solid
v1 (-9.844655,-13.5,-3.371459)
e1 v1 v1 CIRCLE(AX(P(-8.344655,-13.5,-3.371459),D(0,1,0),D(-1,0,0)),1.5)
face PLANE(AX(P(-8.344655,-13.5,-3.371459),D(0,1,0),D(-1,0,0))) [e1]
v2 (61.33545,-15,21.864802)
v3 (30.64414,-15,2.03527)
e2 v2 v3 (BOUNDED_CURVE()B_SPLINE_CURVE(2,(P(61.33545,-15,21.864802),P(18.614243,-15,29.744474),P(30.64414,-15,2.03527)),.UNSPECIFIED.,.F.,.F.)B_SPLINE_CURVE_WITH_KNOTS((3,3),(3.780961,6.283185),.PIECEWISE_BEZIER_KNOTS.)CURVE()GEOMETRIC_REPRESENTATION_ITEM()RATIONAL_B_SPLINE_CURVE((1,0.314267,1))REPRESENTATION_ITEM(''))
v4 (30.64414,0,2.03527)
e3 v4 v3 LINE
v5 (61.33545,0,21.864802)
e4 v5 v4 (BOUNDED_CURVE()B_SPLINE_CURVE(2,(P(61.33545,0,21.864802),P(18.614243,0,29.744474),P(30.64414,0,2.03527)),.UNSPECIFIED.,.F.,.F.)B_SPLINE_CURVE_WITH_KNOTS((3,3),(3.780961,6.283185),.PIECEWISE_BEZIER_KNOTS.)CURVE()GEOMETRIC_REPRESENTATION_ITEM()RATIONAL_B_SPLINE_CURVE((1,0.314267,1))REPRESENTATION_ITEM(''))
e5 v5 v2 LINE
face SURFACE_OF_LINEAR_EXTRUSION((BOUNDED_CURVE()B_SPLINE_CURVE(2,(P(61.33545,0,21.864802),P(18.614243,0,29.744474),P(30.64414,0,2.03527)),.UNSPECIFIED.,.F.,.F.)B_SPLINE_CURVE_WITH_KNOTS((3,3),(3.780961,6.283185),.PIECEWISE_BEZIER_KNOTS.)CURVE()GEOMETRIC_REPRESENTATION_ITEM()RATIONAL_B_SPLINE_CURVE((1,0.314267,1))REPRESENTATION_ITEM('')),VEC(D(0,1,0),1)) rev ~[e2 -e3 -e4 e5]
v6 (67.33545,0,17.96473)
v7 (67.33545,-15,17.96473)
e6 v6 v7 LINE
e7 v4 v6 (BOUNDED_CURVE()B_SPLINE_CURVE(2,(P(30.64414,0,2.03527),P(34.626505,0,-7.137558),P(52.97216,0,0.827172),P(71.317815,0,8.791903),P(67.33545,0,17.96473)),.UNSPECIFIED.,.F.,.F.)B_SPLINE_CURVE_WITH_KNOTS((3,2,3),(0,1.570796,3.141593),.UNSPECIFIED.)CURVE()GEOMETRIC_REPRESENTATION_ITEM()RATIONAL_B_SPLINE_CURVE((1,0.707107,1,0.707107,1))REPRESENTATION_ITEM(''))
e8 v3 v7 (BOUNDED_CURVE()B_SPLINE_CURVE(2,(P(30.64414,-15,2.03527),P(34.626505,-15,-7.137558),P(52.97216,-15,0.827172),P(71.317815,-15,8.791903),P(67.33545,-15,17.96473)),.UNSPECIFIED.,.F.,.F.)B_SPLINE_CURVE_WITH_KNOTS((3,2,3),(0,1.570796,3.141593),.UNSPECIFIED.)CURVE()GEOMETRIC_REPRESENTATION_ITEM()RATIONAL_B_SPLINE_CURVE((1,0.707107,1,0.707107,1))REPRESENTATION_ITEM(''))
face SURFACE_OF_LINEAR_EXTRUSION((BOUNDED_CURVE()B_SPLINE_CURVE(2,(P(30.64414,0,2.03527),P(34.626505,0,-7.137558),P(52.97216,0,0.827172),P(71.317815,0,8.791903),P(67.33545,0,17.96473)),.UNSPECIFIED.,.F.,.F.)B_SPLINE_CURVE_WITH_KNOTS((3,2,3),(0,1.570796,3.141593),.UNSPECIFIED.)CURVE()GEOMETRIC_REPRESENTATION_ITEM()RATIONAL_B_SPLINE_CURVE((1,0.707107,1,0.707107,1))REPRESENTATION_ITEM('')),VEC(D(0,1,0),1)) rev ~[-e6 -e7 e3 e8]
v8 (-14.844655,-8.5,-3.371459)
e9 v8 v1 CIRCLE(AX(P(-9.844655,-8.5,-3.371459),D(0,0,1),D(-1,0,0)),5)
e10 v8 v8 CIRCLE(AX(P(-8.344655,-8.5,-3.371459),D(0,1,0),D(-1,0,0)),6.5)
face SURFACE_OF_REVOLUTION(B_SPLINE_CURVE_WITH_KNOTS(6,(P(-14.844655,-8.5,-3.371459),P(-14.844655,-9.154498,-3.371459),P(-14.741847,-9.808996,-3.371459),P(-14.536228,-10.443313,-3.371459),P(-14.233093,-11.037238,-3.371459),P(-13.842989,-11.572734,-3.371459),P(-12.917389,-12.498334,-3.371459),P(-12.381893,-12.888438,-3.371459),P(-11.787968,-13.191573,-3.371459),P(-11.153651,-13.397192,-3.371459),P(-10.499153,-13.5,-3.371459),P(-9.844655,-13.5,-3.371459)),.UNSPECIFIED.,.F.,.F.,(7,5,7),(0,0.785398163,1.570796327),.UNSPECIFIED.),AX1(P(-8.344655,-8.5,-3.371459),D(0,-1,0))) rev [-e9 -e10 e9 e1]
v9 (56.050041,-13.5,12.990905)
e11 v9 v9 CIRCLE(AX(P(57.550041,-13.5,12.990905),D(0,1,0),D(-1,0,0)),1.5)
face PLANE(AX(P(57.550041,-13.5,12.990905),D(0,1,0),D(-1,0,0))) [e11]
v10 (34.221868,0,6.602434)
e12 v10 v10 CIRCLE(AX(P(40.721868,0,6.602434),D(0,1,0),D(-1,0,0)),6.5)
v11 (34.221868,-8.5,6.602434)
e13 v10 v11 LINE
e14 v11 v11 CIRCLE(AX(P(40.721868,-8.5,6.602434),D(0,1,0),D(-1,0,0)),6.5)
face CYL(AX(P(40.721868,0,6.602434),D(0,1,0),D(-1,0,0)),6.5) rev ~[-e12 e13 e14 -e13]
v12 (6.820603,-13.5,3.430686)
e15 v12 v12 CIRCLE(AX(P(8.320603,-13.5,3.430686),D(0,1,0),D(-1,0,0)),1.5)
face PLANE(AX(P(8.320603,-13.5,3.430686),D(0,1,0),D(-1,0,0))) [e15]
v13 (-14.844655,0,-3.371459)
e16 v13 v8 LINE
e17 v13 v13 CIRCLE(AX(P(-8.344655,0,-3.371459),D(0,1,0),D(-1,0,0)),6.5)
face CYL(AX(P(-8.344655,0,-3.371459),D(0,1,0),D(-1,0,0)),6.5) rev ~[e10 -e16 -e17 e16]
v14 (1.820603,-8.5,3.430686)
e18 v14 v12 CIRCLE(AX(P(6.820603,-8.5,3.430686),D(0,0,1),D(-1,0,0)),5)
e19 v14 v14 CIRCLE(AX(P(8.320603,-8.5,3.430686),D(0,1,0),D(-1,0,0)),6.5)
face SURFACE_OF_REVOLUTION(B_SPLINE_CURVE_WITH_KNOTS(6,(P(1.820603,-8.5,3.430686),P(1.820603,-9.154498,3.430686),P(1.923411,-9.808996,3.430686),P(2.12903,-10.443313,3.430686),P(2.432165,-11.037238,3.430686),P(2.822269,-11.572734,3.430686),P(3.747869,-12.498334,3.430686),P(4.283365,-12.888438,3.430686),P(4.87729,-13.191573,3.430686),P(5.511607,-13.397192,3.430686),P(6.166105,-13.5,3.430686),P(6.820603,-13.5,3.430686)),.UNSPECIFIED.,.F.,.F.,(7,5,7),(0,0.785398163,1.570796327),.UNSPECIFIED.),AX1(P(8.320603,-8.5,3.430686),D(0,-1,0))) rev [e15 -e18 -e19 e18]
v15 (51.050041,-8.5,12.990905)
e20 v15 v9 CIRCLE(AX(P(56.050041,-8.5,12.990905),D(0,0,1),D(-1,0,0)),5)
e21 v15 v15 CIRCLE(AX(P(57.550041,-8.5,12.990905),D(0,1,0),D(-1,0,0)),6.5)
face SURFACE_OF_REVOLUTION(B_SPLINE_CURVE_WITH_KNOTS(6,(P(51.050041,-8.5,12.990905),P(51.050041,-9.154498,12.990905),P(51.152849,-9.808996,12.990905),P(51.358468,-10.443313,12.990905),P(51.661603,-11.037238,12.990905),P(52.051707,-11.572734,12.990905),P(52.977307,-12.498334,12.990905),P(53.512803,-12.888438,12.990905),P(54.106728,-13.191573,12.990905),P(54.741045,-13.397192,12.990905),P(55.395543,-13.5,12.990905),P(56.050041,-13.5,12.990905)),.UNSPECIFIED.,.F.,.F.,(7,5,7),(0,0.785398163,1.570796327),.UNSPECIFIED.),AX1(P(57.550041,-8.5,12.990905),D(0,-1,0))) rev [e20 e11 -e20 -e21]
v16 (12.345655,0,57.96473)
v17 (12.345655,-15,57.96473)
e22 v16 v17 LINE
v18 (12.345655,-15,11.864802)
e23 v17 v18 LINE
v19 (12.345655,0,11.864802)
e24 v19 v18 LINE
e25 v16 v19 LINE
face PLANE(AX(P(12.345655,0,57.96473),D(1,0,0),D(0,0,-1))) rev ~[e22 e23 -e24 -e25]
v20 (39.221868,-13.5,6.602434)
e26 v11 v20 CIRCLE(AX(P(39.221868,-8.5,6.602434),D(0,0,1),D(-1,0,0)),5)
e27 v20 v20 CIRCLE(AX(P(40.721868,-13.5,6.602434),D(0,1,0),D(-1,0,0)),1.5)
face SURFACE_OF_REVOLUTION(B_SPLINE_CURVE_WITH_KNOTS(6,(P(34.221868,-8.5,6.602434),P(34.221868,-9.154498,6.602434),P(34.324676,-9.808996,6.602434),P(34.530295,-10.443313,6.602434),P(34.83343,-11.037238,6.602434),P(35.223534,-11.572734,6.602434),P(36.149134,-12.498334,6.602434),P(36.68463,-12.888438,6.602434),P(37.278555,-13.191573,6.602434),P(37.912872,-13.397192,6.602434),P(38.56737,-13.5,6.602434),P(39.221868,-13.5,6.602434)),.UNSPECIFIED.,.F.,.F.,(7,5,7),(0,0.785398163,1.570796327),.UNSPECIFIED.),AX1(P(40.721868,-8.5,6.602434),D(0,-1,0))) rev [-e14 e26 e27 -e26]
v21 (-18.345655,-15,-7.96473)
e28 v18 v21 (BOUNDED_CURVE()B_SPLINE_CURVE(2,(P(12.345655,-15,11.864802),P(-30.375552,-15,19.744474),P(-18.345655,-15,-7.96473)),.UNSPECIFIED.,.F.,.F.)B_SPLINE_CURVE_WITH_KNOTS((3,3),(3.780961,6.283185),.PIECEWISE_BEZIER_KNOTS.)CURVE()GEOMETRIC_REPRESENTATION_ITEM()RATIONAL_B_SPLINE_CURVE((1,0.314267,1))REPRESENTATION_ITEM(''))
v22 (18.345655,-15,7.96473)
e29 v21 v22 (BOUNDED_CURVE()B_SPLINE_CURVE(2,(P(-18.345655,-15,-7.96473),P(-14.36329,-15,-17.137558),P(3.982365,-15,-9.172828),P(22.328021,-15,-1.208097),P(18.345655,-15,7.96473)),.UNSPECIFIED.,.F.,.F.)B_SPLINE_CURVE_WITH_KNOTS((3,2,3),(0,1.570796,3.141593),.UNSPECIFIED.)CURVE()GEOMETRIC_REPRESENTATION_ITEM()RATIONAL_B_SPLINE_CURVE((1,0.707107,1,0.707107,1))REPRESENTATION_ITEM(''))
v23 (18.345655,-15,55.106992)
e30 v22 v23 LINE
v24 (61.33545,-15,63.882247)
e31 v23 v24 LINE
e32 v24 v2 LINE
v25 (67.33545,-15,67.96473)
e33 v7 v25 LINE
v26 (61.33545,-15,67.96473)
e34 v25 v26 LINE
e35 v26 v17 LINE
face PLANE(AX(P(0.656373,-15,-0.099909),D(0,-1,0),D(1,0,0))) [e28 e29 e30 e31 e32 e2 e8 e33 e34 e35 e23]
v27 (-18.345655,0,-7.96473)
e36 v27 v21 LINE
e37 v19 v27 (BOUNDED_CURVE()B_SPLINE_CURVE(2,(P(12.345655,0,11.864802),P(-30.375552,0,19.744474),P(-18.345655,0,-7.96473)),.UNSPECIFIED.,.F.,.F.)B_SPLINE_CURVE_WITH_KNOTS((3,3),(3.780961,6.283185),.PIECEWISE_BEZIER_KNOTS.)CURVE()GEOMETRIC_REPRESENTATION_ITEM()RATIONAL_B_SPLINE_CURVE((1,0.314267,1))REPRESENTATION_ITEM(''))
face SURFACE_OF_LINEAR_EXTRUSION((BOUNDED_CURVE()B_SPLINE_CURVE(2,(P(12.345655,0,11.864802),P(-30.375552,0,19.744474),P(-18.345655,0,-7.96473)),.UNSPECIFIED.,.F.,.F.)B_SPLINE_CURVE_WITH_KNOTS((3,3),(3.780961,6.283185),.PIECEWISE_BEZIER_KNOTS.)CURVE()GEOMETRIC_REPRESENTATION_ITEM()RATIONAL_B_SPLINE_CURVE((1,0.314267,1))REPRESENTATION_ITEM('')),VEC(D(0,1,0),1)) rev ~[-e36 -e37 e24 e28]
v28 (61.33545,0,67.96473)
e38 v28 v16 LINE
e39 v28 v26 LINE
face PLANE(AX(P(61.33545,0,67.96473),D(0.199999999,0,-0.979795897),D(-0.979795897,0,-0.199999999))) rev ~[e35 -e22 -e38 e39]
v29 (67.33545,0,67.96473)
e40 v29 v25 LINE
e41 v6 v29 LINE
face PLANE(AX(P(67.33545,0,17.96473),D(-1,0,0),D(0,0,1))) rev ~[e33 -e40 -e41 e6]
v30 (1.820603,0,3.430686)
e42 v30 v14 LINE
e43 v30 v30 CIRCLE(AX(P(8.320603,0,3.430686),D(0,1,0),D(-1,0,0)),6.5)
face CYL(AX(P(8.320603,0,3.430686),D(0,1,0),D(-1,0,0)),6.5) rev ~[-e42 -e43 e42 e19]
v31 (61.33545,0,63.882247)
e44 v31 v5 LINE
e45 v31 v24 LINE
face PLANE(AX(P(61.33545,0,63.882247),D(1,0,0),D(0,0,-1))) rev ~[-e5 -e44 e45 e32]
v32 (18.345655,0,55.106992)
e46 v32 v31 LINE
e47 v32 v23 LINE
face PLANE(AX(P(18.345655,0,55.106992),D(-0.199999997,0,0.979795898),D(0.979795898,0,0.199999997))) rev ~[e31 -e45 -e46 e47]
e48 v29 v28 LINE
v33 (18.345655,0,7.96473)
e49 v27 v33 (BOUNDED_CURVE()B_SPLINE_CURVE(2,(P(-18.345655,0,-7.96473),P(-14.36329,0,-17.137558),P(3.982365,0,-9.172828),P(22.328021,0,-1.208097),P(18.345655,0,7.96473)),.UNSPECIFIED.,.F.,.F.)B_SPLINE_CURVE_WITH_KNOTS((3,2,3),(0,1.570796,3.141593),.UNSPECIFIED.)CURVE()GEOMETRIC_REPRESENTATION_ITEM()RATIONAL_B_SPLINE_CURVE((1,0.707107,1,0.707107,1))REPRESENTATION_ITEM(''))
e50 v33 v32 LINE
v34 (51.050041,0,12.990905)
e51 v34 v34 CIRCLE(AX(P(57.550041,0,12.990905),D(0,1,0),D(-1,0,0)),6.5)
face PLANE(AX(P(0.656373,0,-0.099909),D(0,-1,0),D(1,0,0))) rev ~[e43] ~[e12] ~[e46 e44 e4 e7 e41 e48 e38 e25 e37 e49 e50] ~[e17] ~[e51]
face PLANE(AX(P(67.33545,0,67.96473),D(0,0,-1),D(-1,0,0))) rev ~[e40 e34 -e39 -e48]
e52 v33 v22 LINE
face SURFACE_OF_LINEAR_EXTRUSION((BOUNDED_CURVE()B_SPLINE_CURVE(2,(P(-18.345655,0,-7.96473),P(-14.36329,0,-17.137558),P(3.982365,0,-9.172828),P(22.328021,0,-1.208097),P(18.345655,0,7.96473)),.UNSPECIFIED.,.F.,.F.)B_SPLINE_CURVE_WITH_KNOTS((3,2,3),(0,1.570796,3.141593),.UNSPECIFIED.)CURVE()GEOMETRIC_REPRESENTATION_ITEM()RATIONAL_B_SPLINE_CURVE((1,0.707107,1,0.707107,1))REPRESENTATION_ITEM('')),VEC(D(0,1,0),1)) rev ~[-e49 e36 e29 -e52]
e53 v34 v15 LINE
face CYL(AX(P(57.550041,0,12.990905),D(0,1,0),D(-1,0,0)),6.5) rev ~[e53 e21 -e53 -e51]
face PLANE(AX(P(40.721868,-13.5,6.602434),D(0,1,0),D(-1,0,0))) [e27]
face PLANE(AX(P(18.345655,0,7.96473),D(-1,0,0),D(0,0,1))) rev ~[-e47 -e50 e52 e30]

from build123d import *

# Parameters (mm, degrees)
F1_DEPTH = 15
F2_R     = 6.5
F3_DEPTH = 13.5
F4_R     = 5


with BuildPart() as f1:
    # F0 (on Front) → F1 (new body)
    with BuildSketch(Plane.XZ):
        with BuildLine():
            add(Edge.make_bspline(
                [(12.345655, 11.864802), (-30.375552, 19.744474), (-18.345655, -7.96473)],
                knots=[3.780961, 3.780961, 3.780961, 6.283185, 6.283185, 6.283185], degree=2, weights=[1, 0.314267, 1]))
            add(Edge.make_bspline(
                [(-18.345655, -7.96473), (-14.36329, -17.137558), (3.982365, -9.172828), (22.328021, -1.208097), (18.345655, 7.96473)],
                knots=[0, 0, 0, 1.570796, 1.570796, 3.141593, 3.141593, 3.141593], degree=2, weights=[1, 0.707107, 1, 0.707107, 1]))
            Line((18.345655, 7.96473), (12.345655, 7.96473))
            Line((12.345655, 7.96473), (12.345655, 11.864802))
        make_face()
        with BuildLine():
            Line((12.345655, 7.96473), (18.345655, 7.96473))
            add(Edge.make_bspline(
                [(18.345655, 7.96473), (17.027337, 11.001294), (12.345655, 11.864802)],
                knots=[3.141593, 3.141593, 3.141593, 3.780961, 3.780961, 3.780961], degree=2, weights=[1, 0.949335, 1]))
            Line((12.345655, 11.864802), (12.345655, 7.96473))
        make_face()
        with BuildLine():
            add(Edge.make_bspline(
                [(18.345655, 7.96473), (17.027337, 11.001294), (12.345655, 11.864802)],
                knots=[3.141593, 3.141593, 3.141593, 3.780961, 3.780961, 3.780961], degree=2, weights=[1, 0.949335, 1]))
            Line((18.345655, 7.96473), (18.345655, 55.106992))
            Line((18.345655, 55.106992), (18.345655, 57.96473))
            Line((18.345655, 57.96473), (12.345655, 57.96473))
            Line((12.345655, 57.96473), (12.345655, 11.864802))
        make_face()
        Polygon((18.345655, 57.96473), (18.345655, 55.106992), (61.33545, 63.882247), (61.33545, 67.96473), (12.345655, 57.96473), align=None)
        with BuildLine():
            Line((61.33545, 67.96473), (61.33545, 63.882247))
            Line((61.33545, 63.882247), (61.33545, 21.864802))
            add(Edge.make_bspline(
                [(67.33545, 17.96473), (66.017132, 21.001294), (61.33545, 21.864802)],
                knots=[3.141593, 3.141593, 3.141593, 3.780961, 3.780961, 3.780961], degree=2, weights=[1, 0.949335, 1]))
            Line((67.33545, 17.96473), (67.33545, 67.96473))
            Line((67.33545, 67.96473), (61.33545, 67.96473))
        make_face()
        with BuildLine():
            add(Edge.make_bspline(
                [(67.33545, 17.96473), (66.017132, 21.001294), (61.33545, 21.864802)],
                knots=[3.141593, 3.141593, 3.141593, 3.780961, 3.780961, 3.780961], degree=2, weights=[1, 0.949335, 1]))
            Line((61.33545, 21.864802), (61.33545, 17.96473))
            Line((61.33545, 17.96473), (67.33545, 17.96473))
        make_face()
        with BuildLine():
            Line((61.33545, 17.96473), (61.33545, 21.864802))
            add(Edge.make_bspline(
                [(61.33545, 21.864802), (18.614243, 29.744474), (30.64414, 2.03527)],
                knots=[3.780961, 3.780961, 3.780961, 6.283185, 6.283185, 6.283185], degree=2, weights=[1, 0.314267, 1]))
            add(Edge.make_bspline(
                [(30.64414, 2.03527), (34.626505, -7.137558), (52.97216, 0.827172), (71.317815, 8.791903), (67.33545, 17.96473)],
                knots=[0, 0, 0, 1.570796, 1.570796, 3.141593, 3.141593, 3.141593], degree=2, weights=[1, 0.707107, 1, 0.707107, 1]))
            Line((67.33545, 17.96473), (61.33545, 17.96473))
        make_face()
    extrude(amount=F1_DEPTH)

    # F2 (on face) → F3 (cut)
    with BuildSketch(Plane(origin=(0, 0, 0), x_dir=(-1, 0, 0), z_dir=(0, 1, 0))):
        with Locations((-57.550041, 12.990905)):
            Circle(F2_R)
        with Locations((-40.721868, 6.602434)):
            Circle(F2_R)
        with Locations((-8.320603, 3.430686)):
            Circle(F2_R)
        with Locations((8.344655, -3.371459)):
            Circle(F2_R)
    extrude(amount=-F3_DEPTH, mode=Mode.SUBTRACT)

    # F4
    f4_edges = [f1.edges().sort_by_distance(p)[0] for p in [
        (47.221868, -13.5, 6.602434),
        (64.050041, -13.5, 12.990905),
        (14.820603, -13.5, 3.430686),
        (-1.844655, -13.5, -3.371459),
    ]]
    fillet(f4_edges, radius=F4_R)


solid = f1.part
